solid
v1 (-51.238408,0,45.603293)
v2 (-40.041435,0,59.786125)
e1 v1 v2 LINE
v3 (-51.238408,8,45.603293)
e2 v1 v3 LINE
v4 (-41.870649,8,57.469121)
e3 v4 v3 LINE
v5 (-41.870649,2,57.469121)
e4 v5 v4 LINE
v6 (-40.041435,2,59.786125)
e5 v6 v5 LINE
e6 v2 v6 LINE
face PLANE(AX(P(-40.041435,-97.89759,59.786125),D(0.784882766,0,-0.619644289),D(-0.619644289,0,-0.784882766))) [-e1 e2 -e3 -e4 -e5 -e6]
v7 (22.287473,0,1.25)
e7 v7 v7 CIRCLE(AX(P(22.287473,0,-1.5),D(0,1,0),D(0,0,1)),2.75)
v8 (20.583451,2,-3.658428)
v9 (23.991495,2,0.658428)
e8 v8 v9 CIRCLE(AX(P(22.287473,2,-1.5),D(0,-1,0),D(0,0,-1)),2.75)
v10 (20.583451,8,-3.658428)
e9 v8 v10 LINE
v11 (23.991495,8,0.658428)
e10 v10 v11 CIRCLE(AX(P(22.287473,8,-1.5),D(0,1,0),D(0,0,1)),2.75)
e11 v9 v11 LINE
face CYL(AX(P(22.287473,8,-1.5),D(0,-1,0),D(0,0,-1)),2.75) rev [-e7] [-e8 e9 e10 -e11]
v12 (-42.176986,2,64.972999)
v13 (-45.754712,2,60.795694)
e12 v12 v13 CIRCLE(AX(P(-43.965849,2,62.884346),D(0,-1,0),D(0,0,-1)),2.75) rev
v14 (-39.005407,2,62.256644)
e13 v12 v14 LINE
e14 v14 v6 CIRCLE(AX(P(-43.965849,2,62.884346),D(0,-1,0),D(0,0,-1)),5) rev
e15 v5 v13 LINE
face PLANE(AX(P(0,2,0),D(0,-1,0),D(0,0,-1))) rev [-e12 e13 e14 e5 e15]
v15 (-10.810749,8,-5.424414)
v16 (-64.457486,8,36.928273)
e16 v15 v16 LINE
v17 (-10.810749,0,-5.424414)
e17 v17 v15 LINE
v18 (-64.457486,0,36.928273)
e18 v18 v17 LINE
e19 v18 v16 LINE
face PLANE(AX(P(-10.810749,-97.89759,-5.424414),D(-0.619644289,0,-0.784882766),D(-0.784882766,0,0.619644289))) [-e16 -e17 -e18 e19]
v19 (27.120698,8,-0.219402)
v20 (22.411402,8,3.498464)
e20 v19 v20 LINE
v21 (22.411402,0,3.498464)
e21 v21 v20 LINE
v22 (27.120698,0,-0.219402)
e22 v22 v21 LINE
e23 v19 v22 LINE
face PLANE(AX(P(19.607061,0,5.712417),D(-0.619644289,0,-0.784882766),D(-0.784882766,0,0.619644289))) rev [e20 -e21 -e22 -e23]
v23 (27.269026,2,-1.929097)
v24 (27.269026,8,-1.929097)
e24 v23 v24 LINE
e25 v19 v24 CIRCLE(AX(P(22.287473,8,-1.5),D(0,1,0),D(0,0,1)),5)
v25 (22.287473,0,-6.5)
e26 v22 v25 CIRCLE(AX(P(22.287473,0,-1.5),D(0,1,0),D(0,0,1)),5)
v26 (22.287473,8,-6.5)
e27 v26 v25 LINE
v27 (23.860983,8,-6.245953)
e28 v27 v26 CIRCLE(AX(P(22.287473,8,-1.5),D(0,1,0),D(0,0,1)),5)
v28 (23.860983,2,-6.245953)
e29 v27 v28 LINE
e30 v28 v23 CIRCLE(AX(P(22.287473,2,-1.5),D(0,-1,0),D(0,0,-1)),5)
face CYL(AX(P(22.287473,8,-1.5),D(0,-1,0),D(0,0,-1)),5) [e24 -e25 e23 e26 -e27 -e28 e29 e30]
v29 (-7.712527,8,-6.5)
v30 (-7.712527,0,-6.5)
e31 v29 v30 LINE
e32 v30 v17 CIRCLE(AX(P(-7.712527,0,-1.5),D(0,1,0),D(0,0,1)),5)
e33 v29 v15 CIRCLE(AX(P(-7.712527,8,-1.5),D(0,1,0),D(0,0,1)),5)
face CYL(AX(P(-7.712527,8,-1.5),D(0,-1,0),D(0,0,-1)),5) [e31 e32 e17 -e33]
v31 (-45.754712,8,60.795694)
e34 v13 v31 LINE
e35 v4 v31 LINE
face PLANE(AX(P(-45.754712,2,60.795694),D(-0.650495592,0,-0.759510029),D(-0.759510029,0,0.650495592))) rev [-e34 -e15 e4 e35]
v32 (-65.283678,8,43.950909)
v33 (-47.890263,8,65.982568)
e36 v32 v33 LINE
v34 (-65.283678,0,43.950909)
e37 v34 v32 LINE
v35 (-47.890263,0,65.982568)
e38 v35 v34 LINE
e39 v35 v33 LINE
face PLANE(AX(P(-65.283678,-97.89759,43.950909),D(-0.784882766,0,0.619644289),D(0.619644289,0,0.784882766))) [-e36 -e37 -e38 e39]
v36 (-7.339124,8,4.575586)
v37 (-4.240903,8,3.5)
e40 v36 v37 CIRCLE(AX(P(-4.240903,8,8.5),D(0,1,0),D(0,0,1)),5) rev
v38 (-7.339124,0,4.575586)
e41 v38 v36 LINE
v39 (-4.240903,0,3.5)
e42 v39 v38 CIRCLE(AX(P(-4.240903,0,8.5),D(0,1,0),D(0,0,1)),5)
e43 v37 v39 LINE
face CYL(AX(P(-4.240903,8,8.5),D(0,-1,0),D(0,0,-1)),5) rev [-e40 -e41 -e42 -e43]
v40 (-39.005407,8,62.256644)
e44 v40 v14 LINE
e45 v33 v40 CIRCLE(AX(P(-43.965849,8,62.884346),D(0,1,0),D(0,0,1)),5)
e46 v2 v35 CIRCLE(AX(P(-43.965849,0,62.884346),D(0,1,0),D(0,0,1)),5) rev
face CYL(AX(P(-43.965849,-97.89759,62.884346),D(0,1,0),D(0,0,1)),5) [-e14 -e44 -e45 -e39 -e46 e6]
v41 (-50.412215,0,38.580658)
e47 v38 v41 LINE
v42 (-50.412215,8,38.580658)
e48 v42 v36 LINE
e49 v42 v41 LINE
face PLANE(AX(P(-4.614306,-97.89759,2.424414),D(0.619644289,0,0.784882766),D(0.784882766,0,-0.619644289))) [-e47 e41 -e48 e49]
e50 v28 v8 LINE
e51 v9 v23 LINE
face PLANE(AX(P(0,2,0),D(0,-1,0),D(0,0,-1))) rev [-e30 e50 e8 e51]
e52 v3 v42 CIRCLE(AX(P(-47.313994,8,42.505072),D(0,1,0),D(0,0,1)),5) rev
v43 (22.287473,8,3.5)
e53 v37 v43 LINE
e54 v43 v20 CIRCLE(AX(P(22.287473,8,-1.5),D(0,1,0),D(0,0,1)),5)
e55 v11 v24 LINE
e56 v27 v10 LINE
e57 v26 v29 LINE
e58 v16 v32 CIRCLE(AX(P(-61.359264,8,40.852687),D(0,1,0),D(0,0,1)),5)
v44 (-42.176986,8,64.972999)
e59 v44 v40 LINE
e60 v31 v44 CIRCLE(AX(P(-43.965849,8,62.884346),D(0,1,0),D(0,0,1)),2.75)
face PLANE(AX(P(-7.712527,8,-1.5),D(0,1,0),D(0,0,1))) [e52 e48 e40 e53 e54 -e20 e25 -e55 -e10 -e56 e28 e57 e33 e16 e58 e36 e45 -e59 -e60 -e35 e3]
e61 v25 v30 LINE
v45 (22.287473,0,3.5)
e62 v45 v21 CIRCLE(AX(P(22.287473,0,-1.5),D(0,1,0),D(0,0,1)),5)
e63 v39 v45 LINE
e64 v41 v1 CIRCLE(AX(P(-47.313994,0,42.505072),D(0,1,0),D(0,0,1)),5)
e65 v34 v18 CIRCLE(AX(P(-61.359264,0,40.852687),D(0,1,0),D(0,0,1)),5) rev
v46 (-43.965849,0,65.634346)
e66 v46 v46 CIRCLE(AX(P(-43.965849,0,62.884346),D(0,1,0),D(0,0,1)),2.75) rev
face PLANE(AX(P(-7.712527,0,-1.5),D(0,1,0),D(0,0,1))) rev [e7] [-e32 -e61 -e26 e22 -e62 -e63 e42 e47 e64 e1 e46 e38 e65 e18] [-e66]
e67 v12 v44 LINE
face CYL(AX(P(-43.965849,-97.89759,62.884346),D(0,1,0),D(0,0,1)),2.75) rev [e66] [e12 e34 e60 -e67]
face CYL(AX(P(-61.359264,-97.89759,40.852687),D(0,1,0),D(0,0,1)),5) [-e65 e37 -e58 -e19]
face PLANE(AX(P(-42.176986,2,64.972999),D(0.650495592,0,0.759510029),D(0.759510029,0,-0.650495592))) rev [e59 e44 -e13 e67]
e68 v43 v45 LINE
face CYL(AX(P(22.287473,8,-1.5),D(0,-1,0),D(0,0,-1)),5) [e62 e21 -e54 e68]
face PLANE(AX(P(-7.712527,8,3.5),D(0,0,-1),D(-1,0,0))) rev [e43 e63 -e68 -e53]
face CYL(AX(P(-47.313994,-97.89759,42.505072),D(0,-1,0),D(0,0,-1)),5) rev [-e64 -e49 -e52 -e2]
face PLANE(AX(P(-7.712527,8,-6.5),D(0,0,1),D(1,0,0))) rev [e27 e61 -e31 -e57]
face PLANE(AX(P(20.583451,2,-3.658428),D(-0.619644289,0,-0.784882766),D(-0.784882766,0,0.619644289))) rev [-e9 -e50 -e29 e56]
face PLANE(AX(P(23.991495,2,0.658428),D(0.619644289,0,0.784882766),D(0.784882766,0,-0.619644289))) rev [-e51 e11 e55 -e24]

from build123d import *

# Parameters (mm, degrees)
SKETCH1_R           = 2.75
BOSS_EXTRUDE1_DEPTH = 8
CUT_EXTRUDE1_DEPTH  = 6
CUT_EXTRUDE2_DEPTH  = 30.169438933
BOSS_EXTRUDE2_START = -8
SKETCH4_R           = 2.75
BOSS_EXTRUDE2_DEPTH = 8
CUT_EXTRUDE3_DEPTH  = 6
FILLET1_R           = 5


with BuildPart() as part:
    # Sketch1 → Boss-Extrude1 (new body)
    with BuildSketch(Plane(origin=(0, 0, 0), x_dir=(1, 0, 0), z_dir=(0, 1, 0))):
        with BuildLine():
            Line((-7.712527276, 6.5), (22.287472724, 6.5))
            ThreePointArc((22.287472724, 6.5), (27.287472724, 1.5), (22.287472724, -3.5))
            Line((22.287472724, -3.5), (-7.712527276, -3.5))
            ThreePointArc((-7.712527276, -3.5), (-12.712527276, 1.5), (-7.712527276, 6.5))
        make_face()
        with Locations(Location((22.287472724, 1.5, 0), (0, 0, 270))):
            Circle(SKETCH1_R, mode=Mode.SUBTRACT)
    extrude(amount=BOSS_EXTRUDE1_DEPTH)

    # Sketch2 → Cut-Extrude1 (cut)
    with BuildSketch(Plane(origin=(0, 8, 0), x_dir=(1, 0, 0), z_dir=(0, 1, 0))):
        Polygon((20.58345093, 3.658427605), (23.991494517, -0.658427605), (33.922344634, 7.181717223), (30.514301047, 11.498572433), align=None)
    extrude(amount=-CUT_EXTRUDE1_DEPTH, mode=Mode.SUBTRACT)

    # Sketch3 → Cut-Extrude2 (cut, through all)
    with BuildSketch(Plane(origin=(0, 8, 0), x_dir=(1, 0, 0), z_dir=(0, 1, 0))):
        Polygon((19.607061, -5.712417018), (21.868852578, -8.577353017), (34.080402114, 1.063343984), (31.818610536, 3.928279983), align=None)
    extrude(amount=-CUT_EXTRUDE2_DEPTH, mode=Mode.SUBTRACT)

    # Sketch4 → Boss-Extrude2 (add)
    with BuildSketch(Plane(origin=(0, 8, 0), x_dir=(1, 0, 0), z_dir=(0, 1, 0)).offset(BOSS_EXTRUDE2_START)):
        with BuildLine():
            Line((-4.614305833, -2.424413828), (-54.336629031, -41.678879507))
            Line((-54.336629031, -41.678879507), (-40.041435295, -59.786124909))
            ThreePointArc((-40.041435295, -59.786124909), (-40.86762768, -66.808760179), (-47.89026295, -65.982567794))
            Line((-47.89026295, -65.982567794), (-65.28367813, -43.950908565))
            ThreePointArc((-65.28367813, -43.950908565), (-66.325017324, -40.268480884), (-64.457485745, -36.928273294))
            Line((-64.457485745, -36.928273294), (-10.810748719, 5.424413828))
            ThreePointArc((-10.810748719, 5.424413828), (-3.788113448, 4.598221443), (-4.614305833, -2.424413828))
        make_face()
        with Locations(Location((-43.965849122, -62.884346351, 0), (0, 0, 270))):
            Circle(SKETCH4_R, mode=Mode.SUBTRACT)
    extrude(amount=BOSS_EXTRUDE2_DEPTH)

    # Sketch5 → Cut-Extrude3 (cut)
    with BuildSketch(Plane(origin=(0, 8, 0), x_dir=(1, 0, 0), z_dir=(0, 1, 0))):
        Polygon((-45.754712001, -60.795693771), (-42.176986244, -64.972998932), (-32.718063171, -56.871739527), (-36.295788929, -52.694434367), align=None)
    extrude(amount=-CUT_EXTRUDE3_DEPTH, mode=Mode.SUBTRACT)

    # Fillet1
    fillet1_edges = [part.edges().sort_by_distance(p)[0] for p in [
        (-5.976714985, 4, 3.5),
        (-54.336629031, 4, 41.678879507),
    ]]
    fillet(fillet1_edges, radius=FILLET1_R)


solid = part.part
